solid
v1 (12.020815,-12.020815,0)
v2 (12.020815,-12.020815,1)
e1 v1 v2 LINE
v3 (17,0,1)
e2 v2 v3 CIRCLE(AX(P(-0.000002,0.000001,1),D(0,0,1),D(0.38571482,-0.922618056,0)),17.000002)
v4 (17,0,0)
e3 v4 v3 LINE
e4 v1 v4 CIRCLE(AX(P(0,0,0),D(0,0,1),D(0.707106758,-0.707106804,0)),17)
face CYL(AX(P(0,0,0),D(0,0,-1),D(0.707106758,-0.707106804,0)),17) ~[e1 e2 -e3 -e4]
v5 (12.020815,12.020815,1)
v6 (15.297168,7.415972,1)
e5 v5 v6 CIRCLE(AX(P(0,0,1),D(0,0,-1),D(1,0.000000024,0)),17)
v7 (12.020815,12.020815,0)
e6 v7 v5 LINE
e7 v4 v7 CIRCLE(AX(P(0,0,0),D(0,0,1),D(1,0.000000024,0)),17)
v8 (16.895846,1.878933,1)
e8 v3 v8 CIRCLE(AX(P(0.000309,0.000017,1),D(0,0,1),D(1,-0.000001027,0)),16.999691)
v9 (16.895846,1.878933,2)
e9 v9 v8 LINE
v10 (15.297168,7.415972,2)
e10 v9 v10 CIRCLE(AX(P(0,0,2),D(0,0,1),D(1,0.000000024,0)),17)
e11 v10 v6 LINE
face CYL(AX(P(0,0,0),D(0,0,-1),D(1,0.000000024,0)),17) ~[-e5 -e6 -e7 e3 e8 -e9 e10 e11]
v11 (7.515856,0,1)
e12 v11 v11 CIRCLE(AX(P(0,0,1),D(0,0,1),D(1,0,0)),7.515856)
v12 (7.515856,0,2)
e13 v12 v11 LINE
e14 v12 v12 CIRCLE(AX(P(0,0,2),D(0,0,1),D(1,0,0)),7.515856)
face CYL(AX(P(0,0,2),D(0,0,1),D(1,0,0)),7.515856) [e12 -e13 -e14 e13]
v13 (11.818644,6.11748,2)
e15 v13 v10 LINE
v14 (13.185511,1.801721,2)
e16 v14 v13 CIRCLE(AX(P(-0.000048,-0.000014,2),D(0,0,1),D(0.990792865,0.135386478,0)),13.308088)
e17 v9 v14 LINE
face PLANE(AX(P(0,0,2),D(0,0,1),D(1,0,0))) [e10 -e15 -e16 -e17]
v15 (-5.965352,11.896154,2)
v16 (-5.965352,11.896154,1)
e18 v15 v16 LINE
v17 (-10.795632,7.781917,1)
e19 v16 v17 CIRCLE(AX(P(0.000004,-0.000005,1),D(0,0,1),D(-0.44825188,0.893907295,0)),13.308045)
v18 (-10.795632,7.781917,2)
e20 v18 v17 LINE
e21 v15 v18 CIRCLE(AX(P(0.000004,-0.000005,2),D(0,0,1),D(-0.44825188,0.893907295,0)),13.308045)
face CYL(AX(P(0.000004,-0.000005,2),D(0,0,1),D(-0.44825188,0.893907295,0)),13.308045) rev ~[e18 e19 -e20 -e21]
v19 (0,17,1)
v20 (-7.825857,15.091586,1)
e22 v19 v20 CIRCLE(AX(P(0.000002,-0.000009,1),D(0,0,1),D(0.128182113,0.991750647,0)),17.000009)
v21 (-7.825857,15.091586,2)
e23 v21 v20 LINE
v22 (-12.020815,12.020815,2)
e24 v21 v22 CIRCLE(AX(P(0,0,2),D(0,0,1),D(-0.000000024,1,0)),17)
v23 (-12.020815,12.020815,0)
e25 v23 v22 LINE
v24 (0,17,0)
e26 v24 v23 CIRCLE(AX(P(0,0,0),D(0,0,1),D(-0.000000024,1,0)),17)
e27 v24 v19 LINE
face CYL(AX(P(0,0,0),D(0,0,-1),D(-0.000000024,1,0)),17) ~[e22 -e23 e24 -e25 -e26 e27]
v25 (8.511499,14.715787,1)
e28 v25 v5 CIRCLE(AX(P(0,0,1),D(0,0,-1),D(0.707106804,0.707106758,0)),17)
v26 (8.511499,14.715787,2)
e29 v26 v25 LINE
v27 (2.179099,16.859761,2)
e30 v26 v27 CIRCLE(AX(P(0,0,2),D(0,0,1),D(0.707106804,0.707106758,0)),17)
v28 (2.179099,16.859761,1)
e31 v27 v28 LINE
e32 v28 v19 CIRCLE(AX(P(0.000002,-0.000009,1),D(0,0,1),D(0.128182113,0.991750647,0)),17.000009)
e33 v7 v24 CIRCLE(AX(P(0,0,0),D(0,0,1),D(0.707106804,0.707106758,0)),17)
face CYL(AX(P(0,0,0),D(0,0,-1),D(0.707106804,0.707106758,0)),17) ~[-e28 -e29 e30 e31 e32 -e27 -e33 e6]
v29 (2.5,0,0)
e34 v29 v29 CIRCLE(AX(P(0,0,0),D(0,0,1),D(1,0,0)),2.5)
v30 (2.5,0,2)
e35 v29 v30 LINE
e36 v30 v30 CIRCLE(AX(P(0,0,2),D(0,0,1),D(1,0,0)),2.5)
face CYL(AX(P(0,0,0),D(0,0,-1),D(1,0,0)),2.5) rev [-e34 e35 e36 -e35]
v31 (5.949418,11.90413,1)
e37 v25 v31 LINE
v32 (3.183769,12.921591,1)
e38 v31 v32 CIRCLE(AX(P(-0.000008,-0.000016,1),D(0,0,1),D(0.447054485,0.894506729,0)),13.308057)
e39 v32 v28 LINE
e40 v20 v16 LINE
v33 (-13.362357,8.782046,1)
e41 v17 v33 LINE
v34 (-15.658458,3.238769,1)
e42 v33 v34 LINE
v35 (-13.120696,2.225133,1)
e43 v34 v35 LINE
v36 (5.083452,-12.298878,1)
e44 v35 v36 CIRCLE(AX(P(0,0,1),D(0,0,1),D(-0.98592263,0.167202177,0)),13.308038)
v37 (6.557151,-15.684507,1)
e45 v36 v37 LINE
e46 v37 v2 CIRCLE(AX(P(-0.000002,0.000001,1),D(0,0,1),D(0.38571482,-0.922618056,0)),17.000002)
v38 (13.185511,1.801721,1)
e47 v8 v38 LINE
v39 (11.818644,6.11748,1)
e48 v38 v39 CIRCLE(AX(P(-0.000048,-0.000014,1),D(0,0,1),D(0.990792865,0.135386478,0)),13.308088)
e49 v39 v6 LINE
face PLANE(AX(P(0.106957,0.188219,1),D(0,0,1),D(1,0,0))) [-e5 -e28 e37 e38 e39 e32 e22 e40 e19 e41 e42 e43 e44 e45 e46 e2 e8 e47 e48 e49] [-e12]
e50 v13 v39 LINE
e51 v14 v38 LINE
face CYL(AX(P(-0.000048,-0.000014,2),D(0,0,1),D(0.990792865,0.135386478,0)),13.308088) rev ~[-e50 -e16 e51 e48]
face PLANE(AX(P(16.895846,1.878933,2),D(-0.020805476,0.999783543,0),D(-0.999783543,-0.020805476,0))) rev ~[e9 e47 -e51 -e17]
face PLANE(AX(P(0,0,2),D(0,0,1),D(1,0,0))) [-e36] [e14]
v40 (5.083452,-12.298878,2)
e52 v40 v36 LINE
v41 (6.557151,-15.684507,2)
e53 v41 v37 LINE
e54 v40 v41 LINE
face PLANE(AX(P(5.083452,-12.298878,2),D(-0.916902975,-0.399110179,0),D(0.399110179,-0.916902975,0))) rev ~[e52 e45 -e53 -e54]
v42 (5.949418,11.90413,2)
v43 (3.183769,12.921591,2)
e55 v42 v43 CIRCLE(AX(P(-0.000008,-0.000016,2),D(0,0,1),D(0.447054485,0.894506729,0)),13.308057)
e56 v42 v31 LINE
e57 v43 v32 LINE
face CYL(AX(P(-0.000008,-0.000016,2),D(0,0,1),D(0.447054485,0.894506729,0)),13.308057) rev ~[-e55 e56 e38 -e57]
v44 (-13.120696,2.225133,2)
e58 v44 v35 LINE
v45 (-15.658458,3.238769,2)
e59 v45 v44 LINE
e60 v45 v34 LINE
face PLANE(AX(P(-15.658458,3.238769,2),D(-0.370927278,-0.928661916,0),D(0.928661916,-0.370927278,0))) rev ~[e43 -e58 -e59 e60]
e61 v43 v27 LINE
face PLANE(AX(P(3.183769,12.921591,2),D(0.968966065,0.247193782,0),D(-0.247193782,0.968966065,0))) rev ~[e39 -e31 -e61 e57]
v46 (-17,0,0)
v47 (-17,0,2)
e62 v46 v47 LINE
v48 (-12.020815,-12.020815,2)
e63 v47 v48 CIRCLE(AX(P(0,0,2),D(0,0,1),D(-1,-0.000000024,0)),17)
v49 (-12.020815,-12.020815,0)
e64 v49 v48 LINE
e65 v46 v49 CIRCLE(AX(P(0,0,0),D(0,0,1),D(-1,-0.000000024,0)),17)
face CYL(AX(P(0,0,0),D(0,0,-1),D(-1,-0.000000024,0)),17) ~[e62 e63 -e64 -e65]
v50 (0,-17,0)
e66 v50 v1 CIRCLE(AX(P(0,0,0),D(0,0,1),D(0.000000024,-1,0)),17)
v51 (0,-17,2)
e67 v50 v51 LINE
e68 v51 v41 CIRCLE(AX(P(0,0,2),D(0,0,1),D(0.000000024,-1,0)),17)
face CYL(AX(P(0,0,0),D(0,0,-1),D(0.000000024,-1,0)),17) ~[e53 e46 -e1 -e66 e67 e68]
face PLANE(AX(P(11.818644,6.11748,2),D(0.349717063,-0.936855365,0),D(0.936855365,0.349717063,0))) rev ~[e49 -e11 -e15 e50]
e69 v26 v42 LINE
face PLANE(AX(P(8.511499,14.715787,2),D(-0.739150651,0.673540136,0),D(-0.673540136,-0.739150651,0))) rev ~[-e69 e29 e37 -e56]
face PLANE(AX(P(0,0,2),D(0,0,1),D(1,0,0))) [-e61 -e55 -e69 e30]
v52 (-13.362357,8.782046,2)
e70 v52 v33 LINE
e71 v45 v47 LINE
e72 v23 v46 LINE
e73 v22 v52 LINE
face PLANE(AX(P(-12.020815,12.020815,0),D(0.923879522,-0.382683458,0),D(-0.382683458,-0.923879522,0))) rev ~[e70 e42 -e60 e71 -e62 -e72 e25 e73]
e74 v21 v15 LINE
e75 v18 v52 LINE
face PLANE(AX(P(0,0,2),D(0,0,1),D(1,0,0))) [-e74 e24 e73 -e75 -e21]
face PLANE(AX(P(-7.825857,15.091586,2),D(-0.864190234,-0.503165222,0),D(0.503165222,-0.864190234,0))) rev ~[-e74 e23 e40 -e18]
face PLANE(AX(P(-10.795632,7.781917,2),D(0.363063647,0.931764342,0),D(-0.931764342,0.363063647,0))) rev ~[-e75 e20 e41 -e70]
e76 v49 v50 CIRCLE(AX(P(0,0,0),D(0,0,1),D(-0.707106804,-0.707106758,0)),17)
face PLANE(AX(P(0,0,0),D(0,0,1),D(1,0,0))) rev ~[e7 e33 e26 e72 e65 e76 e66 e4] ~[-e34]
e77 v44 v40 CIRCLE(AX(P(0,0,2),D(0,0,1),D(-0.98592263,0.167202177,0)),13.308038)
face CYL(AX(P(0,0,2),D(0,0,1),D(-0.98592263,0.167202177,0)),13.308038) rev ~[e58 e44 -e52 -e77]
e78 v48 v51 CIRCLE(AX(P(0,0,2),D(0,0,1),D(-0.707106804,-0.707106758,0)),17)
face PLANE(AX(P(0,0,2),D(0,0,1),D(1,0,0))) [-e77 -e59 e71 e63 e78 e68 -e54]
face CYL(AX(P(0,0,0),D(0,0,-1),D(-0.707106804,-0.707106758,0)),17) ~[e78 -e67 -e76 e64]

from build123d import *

# Parameters (mm, degrees)
F0_R     = 2.5
F1_DEPTH = 2
F2_R     = 7.515856
F3_DEPTH = 1


with BuildPart() as f1:
    # F0 (on Top) → F1 (new body)
    with BuildSketch(Plane.XY):
        Polygon((-12.020815, 12.020815), (-17, 0), (-12.020815, -12.020815), (0, -17), (12.020815, -12.020815), (17, 0), (12.020815, 12.020815), (0, 17), align=None)
        Circle(F0_R, mode=Mode.SUBTRACT)
        with BuildLine():
            Line((-12.020815, -12.020815), (-17, 0))
            ThreePointArc((-17, 0), (-15.705952, -6.505618), (-12.020815, -12.020815))
        make_face()
        with BuildLine():
            Line((0, -17), (-12.020815, -12.020815))
            ThreePointArc((-12.020815, -12.020815), (-6.505618, -15.705952), (0, -17))
        make_face()
        with BuildLine():
            ThreePointArc((12.020815, 12.020815), (6.505618, 15.705952), (0, 17))
            Line((0, 17), (12.020815, 12.020815))
        make_face()
        with BuildLine():
            ThreePointArc((0, 17), (-6.505618, 15.705952), (-12.020815, 12.020815))
            Line((-12.020815, 12.020815), (0, 17))
        make_face()
        with BuildLine():
            Line((12.020815, -12.020815), (0, -17))
            ThreePointArc((0, -17), (6.505618, -15.705952), (12.020815, -12.020815))
        make_face()
        with BuildLine():
            Line((17, 0), (12.020815, -12.020815))
            ThreePointArc((12.020815, -12.020815), (15.705952, -6.505618), (17, 0))
        make_face()
        with BuildLine():
            ThreePointArc((17, 0), (15.705952, 6.505618), (12.020815, 12.020815))
            Line((12.020815, 12.020815), (17, 0))
        make_face()
    extrude(amount=F1_DEPTH)

    # F2 (on face) → F3 (cut)
    with BuildSketch(Plane.XY.offset(2)):
        with BuildLine():
            ThreePointArc((5.083452, -12.298878), (11.062429, -7.39774), (13.308039, 0))
            ThreePointArc((13.308039, 0), (13.277371, 0.902941), (13.185511, 1.801721))
            ThreePointArc((13.185511, 1.801721), (12.686937, 4.018148), (11.818644, 6.11748))
            ThreePointArc((11.818644, 6.11748), (9.343304, 9.476632), (5.949418, 11.90413))
            ThreePointArc((5.949418, 11.90413), (4.594843, 12.489648), (3.183769, 12.921591))
            ThreePointArc((3.183769, 12.921591), (-1.482289, 13.22523), (-5.965352, 11.896154))
            ThreePointArc((-5.965352, 11.896154), (-8.629275, 10.131116), (-10.795632, 7.781917))
            ThreePointArc((-10.795632, 7.781917), (-12.276691, 5.136803), (-13.120696, 2.225133))
            ThreePointArc((-13.120696, 2.225133), (-8.299762, -10.40278), (5.083452, -12.298878))
        make_face()
        Circle(F2_R, mode=Mode.SUBTRACT)
        with BuildLine():
            ThreePointArc((-5.965352, 11.896154), (-1.482289, 13.22523), (3.183769, 12.921591))
            Line((3.183769, 12.921591), (2.179099, 16.859761))
            ThreePointArc((2.179099, 16.859761), (-2.95856, 16.740577), (-7.825857, 15.091586))
            Line((-7.825857, 15.091586), (-5.965352, 11.896154))
        make_face()
        with BuildLine():
            Line((-15.658458, 3.238769), (-13.120696, 2.225133))
            ThreePointArc((-13.120696, 2.225133), (-12.276691, 5.136803), (-10.795632, 7.781917))
            Line((-10.795632, 7.781917), (-13.362357, 8.782046))
            Line((-13.362357, 8.782046), (-15.658458, 3.238769))
        make_face()
        with BuildLine():
            ThreePointArc((5.949418, 11.90413), (9.343304, 9.476632), (11.818644, 6.11748))
            Line((11.818644, 6.11748), (15.297168, 7.415972))
            ThreePointArc((15.297168, 7.415972), (12.451305, 11.574326), (8.511499, 14.715787))
            Line((8.511499, 14.715787), (5.949418, 11.90413))
        make_face()
        with BuildLine():
            ThreePointArc((13.185511, 1.801721), (13.277371, 0.902941), (13.308039, 0))
            ThreePointArc((13.308039, 0), (11.062429, -7.39774), (5.083452, -12.298878))
            Line((5.083452, -12.298878), (6.557151, -15.684507))
            ThreePointArc((6.557151, -15.684507), (14.150469, -9.421476), (17, 0))
            ThreePointArc((17, 0), (16.973942, 0.940909), (16.895846, 1.878933))
            Line((16.895846, 1.878933), (13.185511, 1.801721))
        make_face()
    extrude(amount=-F3_DEPTH, mode=Mode.SUBTRACT)


solid = f1.part
